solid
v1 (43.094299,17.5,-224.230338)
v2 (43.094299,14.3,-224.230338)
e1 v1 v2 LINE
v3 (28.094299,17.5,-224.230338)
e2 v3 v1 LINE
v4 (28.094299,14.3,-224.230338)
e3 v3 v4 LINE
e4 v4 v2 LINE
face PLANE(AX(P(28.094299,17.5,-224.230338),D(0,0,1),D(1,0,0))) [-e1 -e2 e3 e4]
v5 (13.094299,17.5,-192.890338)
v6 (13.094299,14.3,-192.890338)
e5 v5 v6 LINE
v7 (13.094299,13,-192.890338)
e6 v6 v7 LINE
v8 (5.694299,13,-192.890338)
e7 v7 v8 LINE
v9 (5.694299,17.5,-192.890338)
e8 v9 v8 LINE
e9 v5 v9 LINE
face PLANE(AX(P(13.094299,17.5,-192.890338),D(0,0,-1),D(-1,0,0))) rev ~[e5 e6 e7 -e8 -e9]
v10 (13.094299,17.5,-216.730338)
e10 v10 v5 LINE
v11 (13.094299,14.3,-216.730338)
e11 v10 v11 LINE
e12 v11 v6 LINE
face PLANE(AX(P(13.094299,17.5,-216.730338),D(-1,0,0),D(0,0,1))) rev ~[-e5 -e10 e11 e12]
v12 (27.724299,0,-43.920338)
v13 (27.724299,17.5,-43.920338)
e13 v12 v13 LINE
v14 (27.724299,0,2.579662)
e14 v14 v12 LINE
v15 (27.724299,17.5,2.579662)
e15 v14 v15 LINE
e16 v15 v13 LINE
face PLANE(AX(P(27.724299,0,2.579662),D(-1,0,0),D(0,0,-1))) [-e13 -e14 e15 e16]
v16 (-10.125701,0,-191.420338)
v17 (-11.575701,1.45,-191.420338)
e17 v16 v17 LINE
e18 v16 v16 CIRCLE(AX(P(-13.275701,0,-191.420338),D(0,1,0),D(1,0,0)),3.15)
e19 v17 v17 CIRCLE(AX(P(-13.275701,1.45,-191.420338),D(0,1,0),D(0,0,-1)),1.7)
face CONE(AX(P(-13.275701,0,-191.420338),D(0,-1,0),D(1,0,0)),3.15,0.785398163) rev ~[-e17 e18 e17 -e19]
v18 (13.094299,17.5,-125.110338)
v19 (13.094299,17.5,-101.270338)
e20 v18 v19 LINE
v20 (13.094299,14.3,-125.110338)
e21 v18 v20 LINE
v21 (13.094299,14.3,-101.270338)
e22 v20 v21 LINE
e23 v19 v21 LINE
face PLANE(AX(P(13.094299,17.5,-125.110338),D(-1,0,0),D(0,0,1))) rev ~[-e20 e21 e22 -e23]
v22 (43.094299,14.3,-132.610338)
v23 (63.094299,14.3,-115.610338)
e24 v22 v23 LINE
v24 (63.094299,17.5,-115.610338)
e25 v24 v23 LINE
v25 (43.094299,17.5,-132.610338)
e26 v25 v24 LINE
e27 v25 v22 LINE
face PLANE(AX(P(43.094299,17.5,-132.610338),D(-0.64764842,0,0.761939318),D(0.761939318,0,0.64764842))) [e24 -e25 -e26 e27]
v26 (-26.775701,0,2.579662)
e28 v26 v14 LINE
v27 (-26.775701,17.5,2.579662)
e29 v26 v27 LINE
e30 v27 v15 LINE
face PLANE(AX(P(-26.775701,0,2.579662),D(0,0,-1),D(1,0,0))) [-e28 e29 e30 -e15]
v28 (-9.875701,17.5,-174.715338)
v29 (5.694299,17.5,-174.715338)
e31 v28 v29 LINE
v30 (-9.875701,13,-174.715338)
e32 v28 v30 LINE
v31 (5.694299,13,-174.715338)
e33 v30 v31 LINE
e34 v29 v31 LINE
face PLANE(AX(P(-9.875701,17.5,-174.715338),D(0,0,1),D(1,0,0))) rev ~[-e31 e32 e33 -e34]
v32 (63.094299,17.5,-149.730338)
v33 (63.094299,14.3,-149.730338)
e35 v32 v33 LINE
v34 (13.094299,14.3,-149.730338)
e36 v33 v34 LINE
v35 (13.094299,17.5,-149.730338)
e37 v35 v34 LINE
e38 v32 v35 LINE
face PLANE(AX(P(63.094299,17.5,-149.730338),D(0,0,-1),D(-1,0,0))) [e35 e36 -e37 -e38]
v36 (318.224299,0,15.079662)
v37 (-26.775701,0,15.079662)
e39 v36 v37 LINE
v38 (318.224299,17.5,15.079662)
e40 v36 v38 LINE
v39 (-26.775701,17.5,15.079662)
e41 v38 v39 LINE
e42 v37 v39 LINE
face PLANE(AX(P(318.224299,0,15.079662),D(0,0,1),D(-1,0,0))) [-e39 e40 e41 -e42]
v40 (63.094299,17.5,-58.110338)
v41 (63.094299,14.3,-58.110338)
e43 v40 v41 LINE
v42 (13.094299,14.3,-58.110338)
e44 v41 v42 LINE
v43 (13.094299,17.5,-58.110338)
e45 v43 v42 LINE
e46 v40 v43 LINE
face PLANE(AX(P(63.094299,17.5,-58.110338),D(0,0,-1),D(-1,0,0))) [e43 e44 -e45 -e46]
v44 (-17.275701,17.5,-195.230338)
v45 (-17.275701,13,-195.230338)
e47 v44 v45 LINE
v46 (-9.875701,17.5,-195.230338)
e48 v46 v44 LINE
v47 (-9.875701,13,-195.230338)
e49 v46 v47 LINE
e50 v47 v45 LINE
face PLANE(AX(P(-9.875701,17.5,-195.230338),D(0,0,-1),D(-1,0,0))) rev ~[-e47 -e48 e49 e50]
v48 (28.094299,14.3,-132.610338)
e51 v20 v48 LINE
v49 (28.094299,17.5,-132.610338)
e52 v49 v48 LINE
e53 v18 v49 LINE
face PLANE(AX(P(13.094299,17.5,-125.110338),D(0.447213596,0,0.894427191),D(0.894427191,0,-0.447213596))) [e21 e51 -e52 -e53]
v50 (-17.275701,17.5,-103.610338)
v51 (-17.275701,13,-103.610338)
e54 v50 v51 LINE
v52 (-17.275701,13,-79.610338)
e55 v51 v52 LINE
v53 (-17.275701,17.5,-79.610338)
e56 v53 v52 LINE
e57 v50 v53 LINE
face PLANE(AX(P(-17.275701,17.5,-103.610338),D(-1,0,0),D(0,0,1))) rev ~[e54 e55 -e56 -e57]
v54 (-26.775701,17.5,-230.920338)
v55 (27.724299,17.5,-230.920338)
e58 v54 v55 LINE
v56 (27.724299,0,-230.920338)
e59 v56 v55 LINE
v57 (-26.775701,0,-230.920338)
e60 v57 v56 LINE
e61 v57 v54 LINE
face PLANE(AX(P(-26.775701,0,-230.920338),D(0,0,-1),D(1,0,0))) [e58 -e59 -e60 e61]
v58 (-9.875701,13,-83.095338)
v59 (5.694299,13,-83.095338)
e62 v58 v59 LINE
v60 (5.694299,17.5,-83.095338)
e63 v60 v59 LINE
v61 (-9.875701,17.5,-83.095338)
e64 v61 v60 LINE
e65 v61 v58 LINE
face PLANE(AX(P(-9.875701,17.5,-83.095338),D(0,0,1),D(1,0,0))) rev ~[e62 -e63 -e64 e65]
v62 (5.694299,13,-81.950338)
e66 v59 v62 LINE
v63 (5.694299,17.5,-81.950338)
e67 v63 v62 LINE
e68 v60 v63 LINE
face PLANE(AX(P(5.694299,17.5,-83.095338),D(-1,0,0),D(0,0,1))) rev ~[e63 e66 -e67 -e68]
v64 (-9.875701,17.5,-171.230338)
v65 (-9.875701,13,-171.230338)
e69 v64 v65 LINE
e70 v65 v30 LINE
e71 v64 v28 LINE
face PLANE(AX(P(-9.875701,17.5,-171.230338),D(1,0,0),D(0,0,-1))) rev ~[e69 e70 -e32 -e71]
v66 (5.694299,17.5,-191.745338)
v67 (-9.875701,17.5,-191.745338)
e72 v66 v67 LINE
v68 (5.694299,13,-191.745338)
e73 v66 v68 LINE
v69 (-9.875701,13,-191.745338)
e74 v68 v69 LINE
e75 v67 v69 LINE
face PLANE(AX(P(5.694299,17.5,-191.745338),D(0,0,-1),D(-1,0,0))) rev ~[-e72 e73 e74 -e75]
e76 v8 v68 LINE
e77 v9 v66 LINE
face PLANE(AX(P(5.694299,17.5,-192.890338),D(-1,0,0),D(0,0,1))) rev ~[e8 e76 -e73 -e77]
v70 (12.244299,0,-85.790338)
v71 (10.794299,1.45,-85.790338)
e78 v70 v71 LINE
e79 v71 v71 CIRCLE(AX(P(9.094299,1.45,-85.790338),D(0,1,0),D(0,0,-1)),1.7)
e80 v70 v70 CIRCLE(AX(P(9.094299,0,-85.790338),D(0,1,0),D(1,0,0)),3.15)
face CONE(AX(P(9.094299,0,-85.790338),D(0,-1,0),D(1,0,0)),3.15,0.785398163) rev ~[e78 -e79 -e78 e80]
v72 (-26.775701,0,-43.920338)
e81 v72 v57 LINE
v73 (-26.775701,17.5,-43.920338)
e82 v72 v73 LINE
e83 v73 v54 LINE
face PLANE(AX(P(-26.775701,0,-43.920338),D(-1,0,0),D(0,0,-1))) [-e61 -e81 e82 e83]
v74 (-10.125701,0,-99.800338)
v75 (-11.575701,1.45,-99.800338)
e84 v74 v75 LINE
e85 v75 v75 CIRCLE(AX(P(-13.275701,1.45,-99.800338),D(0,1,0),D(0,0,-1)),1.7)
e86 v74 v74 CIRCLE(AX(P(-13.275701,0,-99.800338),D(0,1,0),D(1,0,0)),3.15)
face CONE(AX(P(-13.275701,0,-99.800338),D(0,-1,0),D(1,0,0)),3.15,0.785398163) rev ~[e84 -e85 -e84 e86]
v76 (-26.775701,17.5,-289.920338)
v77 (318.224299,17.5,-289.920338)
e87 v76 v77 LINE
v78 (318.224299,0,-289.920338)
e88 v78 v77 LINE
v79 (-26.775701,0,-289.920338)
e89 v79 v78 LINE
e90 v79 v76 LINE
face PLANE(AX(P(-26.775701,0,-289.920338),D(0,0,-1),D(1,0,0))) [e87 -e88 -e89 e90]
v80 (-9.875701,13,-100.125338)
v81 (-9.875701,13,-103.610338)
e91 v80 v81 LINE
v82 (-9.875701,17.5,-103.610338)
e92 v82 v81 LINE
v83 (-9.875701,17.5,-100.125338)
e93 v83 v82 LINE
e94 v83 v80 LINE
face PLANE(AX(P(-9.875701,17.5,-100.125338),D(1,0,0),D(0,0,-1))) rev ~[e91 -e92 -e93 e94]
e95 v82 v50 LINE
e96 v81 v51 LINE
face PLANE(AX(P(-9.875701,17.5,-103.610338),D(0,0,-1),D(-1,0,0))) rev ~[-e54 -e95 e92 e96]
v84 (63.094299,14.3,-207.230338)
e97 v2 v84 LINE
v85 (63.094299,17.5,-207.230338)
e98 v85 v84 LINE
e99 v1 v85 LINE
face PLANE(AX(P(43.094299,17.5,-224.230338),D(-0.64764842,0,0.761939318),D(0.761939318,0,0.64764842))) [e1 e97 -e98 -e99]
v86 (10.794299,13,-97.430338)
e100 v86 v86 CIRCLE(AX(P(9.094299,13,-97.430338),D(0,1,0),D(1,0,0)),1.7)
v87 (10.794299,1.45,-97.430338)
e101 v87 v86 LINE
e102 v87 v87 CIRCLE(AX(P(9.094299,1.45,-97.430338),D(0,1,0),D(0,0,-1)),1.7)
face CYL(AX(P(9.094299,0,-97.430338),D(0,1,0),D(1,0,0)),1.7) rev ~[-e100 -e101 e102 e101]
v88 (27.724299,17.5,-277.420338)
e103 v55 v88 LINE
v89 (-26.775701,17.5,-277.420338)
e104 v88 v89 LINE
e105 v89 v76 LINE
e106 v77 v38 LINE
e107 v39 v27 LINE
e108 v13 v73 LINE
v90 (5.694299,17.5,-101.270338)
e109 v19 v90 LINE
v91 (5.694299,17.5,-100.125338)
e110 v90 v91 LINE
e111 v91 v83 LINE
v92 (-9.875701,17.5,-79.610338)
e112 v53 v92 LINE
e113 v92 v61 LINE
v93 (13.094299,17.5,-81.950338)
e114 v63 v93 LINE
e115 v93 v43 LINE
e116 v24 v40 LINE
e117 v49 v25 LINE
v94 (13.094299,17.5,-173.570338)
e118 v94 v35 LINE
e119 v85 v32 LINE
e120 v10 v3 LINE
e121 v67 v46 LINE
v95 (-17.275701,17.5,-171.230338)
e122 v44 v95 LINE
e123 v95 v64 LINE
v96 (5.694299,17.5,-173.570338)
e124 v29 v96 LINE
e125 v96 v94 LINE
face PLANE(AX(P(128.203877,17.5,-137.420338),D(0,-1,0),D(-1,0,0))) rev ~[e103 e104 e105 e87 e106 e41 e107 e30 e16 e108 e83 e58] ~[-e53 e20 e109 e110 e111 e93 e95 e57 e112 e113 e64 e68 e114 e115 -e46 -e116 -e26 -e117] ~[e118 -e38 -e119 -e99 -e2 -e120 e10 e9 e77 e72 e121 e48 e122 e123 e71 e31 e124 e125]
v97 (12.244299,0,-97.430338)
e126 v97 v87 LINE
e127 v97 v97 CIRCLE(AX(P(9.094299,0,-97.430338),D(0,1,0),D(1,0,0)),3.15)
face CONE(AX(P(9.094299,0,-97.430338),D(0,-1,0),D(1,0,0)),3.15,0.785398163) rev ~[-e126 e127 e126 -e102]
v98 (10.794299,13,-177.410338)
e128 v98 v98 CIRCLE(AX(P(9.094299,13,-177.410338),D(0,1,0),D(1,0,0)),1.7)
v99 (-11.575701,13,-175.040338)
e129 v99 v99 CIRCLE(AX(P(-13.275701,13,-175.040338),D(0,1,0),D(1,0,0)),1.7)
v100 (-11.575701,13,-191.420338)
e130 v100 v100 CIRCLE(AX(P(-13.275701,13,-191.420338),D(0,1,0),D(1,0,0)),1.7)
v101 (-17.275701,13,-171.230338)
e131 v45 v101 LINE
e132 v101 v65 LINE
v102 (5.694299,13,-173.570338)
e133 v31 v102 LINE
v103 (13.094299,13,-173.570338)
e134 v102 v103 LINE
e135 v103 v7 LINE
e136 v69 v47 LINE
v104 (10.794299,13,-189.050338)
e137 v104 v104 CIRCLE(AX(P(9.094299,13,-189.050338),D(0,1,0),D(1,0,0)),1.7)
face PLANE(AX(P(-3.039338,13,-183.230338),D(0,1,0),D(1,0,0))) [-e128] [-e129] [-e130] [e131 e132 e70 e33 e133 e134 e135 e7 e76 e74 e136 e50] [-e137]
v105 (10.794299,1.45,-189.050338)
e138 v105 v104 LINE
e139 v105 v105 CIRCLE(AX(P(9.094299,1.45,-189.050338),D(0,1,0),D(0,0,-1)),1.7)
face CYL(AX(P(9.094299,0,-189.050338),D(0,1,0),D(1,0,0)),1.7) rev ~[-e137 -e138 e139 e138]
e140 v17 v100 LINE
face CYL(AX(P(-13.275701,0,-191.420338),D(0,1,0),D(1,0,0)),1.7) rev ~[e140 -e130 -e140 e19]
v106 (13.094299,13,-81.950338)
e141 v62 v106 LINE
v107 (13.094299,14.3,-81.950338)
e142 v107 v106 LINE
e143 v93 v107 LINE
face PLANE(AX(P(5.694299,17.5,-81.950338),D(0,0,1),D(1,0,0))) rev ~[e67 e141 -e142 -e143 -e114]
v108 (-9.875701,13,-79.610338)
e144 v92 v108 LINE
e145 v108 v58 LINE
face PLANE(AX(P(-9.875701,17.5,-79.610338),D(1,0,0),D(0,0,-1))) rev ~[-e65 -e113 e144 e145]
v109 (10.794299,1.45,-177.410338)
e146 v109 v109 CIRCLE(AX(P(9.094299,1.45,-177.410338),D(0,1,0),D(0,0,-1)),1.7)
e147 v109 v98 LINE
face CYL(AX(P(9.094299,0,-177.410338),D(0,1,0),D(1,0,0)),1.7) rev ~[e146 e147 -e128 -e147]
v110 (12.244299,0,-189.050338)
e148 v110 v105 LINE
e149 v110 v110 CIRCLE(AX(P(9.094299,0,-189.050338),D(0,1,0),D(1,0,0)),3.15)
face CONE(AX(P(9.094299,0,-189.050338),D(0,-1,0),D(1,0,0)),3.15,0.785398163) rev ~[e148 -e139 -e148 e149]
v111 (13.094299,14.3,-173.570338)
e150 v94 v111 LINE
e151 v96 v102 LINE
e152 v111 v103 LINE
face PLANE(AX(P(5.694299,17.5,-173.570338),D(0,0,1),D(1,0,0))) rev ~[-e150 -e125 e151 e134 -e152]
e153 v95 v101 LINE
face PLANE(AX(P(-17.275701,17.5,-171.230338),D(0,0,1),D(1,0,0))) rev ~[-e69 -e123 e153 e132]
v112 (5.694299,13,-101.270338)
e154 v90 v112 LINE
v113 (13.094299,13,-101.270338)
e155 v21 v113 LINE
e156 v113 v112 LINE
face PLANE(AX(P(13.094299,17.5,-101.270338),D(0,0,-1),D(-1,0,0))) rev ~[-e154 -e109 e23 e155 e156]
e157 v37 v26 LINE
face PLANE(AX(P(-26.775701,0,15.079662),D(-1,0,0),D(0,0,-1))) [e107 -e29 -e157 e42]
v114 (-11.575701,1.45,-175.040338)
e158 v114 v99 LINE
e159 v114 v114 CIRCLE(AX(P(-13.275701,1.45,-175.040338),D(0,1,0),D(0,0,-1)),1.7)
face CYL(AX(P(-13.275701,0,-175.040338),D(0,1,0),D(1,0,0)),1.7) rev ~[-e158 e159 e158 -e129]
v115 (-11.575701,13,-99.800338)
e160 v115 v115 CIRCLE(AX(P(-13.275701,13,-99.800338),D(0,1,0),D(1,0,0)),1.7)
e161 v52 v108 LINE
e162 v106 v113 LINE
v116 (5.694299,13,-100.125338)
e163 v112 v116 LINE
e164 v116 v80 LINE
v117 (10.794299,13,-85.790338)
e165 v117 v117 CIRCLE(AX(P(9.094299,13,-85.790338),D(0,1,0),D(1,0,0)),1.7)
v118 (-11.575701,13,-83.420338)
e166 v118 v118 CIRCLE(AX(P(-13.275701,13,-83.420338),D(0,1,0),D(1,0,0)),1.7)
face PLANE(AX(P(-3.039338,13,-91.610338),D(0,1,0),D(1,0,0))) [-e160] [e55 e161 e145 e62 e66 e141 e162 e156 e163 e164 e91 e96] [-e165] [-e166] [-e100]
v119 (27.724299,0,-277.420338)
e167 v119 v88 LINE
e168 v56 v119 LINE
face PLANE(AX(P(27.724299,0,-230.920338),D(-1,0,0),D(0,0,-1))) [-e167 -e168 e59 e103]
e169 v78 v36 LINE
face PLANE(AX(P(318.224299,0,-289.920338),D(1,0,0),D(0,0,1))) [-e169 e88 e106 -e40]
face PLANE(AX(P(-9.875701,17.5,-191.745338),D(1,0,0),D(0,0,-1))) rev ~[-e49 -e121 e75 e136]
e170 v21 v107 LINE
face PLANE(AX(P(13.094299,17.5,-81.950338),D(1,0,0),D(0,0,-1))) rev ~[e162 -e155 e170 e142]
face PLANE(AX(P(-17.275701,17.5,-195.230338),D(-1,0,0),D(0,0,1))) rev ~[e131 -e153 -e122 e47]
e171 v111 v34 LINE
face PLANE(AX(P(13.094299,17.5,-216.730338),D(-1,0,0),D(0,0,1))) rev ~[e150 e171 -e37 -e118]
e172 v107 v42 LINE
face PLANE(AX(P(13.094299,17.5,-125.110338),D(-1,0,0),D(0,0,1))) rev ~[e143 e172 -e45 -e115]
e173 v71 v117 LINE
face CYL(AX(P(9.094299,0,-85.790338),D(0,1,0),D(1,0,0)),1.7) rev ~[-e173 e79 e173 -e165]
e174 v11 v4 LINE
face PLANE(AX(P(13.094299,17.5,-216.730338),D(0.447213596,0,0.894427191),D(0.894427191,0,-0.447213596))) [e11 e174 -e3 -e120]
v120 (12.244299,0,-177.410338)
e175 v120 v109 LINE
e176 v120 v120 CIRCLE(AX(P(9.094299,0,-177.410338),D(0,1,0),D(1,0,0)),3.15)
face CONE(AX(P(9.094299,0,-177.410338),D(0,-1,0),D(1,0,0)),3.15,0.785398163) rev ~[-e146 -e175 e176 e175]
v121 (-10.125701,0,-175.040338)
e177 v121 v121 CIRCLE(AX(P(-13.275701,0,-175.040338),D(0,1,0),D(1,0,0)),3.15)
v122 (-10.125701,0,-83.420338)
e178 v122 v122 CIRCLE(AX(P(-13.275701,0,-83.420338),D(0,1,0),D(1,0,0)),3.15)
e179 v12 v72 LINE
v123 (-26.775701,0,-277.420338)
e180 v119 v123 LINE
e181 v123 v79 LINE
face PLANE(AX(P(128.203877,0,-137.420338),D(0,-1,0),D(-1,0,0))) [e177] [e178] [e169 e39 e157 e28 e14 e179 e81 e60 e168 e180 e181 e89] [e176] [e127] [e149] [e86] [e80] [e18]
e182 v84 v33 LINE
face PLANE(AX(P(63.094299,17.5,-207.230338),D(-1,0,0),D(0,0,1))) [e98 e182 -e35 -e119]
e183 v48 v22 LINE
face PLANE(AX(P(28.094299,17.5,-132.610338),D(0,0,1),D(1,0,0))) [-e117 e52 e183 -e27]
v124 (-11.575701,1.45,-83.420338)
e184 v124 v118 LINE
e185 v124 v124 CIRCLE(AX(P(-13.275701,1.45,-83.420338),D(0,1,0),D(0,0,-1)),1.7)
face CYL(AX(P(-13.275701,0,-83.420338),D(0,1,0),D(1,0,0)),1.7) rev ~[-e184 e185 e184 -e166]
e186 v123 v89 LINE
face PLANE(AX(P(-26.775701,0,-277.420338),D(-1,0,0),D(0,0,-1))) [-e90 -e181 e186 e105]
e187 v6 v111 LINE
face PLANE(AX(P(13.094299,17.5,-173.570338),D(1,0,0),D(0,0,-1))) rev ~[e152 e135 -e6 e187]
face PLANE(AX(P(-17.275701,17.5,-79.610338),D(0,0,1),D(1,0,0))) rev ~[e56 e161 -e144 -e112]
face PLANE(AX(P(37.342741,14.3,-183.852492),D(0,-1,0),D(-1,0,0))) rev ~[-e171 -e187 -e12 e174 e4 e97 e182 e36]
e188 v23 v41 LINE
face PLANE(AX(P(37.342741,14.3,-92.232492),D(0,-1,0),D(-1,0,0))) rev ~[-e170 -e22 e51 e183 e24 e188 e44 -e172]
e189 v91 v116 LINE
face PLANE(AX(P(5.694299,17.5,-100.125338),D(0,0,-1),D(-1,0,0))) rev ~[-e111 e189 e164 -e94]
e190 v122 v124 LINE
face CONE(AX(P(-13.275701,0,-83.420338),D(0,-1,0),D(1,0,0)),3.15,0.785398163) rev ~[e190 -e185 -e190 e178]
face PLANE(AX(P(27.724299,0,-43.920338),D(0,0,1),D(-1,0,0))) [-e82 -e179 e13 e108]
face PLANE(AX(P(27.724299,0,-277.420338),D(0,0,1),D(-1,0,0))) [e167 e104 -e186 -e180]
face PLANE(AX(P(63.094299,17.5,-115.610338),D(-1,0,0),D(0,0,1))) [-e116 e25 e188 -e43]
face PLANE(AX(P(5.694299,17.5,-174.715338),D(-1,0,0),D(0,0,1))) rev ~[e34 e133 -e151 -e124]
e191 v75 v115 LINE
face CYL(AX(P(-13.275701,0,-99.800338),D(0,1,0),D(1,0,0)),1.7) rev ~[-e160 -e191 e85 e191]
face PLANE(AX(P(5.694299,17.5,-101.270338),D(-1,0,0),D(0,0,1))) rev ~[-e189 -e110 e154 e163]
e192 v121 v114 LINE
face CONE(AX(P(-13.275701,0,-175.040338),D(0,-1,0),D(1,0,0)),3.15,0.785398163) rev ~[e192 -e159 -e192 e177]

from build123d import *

# Parameters (mm, degrees)
BOSS_EXTRUDE1_DEPTH                             = 17.5
SKETCH2_R                                       = 1.5
CUT_EXTRUDE1_DEPTH                              = 4.5
CSK_FOR_M3_OVAL_HEAD_MACHINE_SCREW1_D           = 3.4
CSK_FOR_M3_OVAL_HEAD_MACHINE_SCREW1_CSINK_D     = 6.3
CSK_FOR_M3_OVAL_HEAD_MACHINE_SCREW1_CSINK_ANGLE = 90
CUT_EXTRUDE2_DEPTH                              = 3.2


with BuildPart() as part:
    # Sketch1 → Boss-Extrude1 (new body)
    with BuildSketch(Plane(origin=(0, 0, 0), x_dir=(1, 0, 0), z_dir=(0, 1, 0))):
        Polygon((27.724299065, -2.579662371), (27.724299065, 43.920337629), (-26.775700935, 43.920337629), (-26.775700935, 230.920337629), (27.724299065, 230.920337629), (27.724299065, 277.420337629), (-26.775700935, 277.420337629), (-26.775700935, 289.920337629), (318.224299065, 289.920337629), (318.224299065, -15.079662371), (-26.775700935, -15.079662371), (-26.775700935, -2.579662371), align=None)
    extrude(amount=BOSS_EXTRUDE1_DEPTH)

    # Sketch2 → Cut-Extrude1 (cut)
    # profile 1 of 2: a face of its own
    with BuildSketch(Plane(origin=(0, 17.5, 0), x_dir=(1, 0, 0), z_dir=(0, 1, 0))):
        Polygon((5.694299065, 191.745337629), (-9.875700935, 191.745337629), (-9.875700935, 195.230337629), (-17.275700935, 195.230337629), (-17.275700935, 171.230337629), (-9.875700935, 171.230337629), (-9.875700935, 174.715337629), (5.694299065, 174.715337629), (5.694299065, 173.570337629), (13.094299065, 173.570337629), (13.094299065, 192.890337629), (5.694299065, 192.890337629), align=None)
        with Locations(Location((-13.275700935, 191.420337629, 0), (0, 0, 270))):
            Circle(SKETCH2_R, mode=Mode.SUBTRACT)
        with Locations(Location((-13.275700935, 175.040337629, 0), (0, 0, 270))):
            Circle(SKETCH2_R, mode=Mode.SUBTRACT)
        with Locations(Location((9.094299065, 189.050337629, 0), (0, 0, 270))):
            Circle(SKETCH2_R, mode=Mode.SUBTRACT)
        with Locations(Location((9.094299065, 177.410337629, 0), (0, 0, 270))):
            Circle(SKETCH2_R, mode=Mode.SUBTRACT)
    # profile 2 of 2: a face of its own
    with BuildSketch(Plane(origin=(0, 17.5, 0), x_dir=(1, 0, 0), z_dir=(0, 1, 0))):
        Polygon((5.694299065, 100.125337629), (-9.875700935, 100.125337629), (-9.875700935, 103.610337629), (-17.275700935, 103.610337629), (-17.275700935, 79.610337629), (-9.875700935, 79.610337629), (-9.875700935, 83.095337629), (5.694299065, 83.095337629), (5.694299065, 81.950337629), (13.094299065, 81.950337629), (13.094299065, 101.270337629), (5.694299065, 101.270337629), align=None)
        with Locations(Location((-13.275700935, 99.800337629, 0), (0, 0, 270))):
            Circle(SKETCH2_R, mode=Mode.SUBTRACT)
        with Locations(Location((-13.275700935, 83.420337629, 0), (0, 0, 270))):
            Circle(SKETCH2_R, mode=Mode.SUBTRACT)
        with Locations(Location((9.094299065, 97.430337629, 0), (0, 0, 270))):
            Circle(SKETCH2_R, mode=Mode.SUBTRACT)
        with Locations(Location((9.094299065, 85.790337629, 0), (0, 0, 270))):
            Circle(SKETCH2_R, mode=Mode.SUBTRACT)
    extrude(amount=-CUT_EXTRUDE1_DEPTH, mode=Mode.SUBTRACT)

    # CSK for M3 Oval Head Machine Screw1 (through all)
    with Locations(Plane(origin=(0, 0, 0), x_dir=(-1, 0, 0), z_dir=(0, -1, 0))):
        with Locations((13.275700935, 191.420337629), (13.275700935, 175.040337629), (-9.094299065, 177.410337629), (-9.094299065, 189.050337629), (13.275700935, 83.420337629), (13.275700935, 99.800337629), (-9.094299065, 97.430337629), (-9.094299065, 85.790337629)):
            CounterSinkHole(CSK_FOR_M3_OVAL_HEAD_MACHINE_SCREW1_D / 2, CSK_FOR_M3_OVAL_HEAD_MACHINE_SCREW1_CSINK_D / 2, counter_sink_angle=CSK_FOR_M3_OVAL_HEAD_MACHINE_SCREW1_CSINK_ANGLE)

    # Sketch7 → Cut-Extrude2 (cut)
    with BuildSketch(Plane(origin=(0, 17.5, 0), x_dir=(1, 0, 0), z_dir=(0, 1, 0))):
        Polygon((13.094299065, 183.230337629), (13.094299065, 216.730337629), (28.094299065, 224.230337629), (43.094299065, 224.230337629), (63.094299065, 207.230337629), (63.094299065, 149.730337629), (13.094299065, 149.730337629), align=None)
        Polygon((13.094299065, 91.610337629), (13.094299065, 125.110337629), (28.094299065, 132.610337629), (43.094299065, 132.610337629), (63.094299065, 115.610337629), (63.094299065, 58.110337629), (13.094299065, 58.110337629), align=None)
    extrude(amount=-CUT_EXTRUDE2_DEPTH, mode=Mode.SUBTRACT)


solid = part.part
